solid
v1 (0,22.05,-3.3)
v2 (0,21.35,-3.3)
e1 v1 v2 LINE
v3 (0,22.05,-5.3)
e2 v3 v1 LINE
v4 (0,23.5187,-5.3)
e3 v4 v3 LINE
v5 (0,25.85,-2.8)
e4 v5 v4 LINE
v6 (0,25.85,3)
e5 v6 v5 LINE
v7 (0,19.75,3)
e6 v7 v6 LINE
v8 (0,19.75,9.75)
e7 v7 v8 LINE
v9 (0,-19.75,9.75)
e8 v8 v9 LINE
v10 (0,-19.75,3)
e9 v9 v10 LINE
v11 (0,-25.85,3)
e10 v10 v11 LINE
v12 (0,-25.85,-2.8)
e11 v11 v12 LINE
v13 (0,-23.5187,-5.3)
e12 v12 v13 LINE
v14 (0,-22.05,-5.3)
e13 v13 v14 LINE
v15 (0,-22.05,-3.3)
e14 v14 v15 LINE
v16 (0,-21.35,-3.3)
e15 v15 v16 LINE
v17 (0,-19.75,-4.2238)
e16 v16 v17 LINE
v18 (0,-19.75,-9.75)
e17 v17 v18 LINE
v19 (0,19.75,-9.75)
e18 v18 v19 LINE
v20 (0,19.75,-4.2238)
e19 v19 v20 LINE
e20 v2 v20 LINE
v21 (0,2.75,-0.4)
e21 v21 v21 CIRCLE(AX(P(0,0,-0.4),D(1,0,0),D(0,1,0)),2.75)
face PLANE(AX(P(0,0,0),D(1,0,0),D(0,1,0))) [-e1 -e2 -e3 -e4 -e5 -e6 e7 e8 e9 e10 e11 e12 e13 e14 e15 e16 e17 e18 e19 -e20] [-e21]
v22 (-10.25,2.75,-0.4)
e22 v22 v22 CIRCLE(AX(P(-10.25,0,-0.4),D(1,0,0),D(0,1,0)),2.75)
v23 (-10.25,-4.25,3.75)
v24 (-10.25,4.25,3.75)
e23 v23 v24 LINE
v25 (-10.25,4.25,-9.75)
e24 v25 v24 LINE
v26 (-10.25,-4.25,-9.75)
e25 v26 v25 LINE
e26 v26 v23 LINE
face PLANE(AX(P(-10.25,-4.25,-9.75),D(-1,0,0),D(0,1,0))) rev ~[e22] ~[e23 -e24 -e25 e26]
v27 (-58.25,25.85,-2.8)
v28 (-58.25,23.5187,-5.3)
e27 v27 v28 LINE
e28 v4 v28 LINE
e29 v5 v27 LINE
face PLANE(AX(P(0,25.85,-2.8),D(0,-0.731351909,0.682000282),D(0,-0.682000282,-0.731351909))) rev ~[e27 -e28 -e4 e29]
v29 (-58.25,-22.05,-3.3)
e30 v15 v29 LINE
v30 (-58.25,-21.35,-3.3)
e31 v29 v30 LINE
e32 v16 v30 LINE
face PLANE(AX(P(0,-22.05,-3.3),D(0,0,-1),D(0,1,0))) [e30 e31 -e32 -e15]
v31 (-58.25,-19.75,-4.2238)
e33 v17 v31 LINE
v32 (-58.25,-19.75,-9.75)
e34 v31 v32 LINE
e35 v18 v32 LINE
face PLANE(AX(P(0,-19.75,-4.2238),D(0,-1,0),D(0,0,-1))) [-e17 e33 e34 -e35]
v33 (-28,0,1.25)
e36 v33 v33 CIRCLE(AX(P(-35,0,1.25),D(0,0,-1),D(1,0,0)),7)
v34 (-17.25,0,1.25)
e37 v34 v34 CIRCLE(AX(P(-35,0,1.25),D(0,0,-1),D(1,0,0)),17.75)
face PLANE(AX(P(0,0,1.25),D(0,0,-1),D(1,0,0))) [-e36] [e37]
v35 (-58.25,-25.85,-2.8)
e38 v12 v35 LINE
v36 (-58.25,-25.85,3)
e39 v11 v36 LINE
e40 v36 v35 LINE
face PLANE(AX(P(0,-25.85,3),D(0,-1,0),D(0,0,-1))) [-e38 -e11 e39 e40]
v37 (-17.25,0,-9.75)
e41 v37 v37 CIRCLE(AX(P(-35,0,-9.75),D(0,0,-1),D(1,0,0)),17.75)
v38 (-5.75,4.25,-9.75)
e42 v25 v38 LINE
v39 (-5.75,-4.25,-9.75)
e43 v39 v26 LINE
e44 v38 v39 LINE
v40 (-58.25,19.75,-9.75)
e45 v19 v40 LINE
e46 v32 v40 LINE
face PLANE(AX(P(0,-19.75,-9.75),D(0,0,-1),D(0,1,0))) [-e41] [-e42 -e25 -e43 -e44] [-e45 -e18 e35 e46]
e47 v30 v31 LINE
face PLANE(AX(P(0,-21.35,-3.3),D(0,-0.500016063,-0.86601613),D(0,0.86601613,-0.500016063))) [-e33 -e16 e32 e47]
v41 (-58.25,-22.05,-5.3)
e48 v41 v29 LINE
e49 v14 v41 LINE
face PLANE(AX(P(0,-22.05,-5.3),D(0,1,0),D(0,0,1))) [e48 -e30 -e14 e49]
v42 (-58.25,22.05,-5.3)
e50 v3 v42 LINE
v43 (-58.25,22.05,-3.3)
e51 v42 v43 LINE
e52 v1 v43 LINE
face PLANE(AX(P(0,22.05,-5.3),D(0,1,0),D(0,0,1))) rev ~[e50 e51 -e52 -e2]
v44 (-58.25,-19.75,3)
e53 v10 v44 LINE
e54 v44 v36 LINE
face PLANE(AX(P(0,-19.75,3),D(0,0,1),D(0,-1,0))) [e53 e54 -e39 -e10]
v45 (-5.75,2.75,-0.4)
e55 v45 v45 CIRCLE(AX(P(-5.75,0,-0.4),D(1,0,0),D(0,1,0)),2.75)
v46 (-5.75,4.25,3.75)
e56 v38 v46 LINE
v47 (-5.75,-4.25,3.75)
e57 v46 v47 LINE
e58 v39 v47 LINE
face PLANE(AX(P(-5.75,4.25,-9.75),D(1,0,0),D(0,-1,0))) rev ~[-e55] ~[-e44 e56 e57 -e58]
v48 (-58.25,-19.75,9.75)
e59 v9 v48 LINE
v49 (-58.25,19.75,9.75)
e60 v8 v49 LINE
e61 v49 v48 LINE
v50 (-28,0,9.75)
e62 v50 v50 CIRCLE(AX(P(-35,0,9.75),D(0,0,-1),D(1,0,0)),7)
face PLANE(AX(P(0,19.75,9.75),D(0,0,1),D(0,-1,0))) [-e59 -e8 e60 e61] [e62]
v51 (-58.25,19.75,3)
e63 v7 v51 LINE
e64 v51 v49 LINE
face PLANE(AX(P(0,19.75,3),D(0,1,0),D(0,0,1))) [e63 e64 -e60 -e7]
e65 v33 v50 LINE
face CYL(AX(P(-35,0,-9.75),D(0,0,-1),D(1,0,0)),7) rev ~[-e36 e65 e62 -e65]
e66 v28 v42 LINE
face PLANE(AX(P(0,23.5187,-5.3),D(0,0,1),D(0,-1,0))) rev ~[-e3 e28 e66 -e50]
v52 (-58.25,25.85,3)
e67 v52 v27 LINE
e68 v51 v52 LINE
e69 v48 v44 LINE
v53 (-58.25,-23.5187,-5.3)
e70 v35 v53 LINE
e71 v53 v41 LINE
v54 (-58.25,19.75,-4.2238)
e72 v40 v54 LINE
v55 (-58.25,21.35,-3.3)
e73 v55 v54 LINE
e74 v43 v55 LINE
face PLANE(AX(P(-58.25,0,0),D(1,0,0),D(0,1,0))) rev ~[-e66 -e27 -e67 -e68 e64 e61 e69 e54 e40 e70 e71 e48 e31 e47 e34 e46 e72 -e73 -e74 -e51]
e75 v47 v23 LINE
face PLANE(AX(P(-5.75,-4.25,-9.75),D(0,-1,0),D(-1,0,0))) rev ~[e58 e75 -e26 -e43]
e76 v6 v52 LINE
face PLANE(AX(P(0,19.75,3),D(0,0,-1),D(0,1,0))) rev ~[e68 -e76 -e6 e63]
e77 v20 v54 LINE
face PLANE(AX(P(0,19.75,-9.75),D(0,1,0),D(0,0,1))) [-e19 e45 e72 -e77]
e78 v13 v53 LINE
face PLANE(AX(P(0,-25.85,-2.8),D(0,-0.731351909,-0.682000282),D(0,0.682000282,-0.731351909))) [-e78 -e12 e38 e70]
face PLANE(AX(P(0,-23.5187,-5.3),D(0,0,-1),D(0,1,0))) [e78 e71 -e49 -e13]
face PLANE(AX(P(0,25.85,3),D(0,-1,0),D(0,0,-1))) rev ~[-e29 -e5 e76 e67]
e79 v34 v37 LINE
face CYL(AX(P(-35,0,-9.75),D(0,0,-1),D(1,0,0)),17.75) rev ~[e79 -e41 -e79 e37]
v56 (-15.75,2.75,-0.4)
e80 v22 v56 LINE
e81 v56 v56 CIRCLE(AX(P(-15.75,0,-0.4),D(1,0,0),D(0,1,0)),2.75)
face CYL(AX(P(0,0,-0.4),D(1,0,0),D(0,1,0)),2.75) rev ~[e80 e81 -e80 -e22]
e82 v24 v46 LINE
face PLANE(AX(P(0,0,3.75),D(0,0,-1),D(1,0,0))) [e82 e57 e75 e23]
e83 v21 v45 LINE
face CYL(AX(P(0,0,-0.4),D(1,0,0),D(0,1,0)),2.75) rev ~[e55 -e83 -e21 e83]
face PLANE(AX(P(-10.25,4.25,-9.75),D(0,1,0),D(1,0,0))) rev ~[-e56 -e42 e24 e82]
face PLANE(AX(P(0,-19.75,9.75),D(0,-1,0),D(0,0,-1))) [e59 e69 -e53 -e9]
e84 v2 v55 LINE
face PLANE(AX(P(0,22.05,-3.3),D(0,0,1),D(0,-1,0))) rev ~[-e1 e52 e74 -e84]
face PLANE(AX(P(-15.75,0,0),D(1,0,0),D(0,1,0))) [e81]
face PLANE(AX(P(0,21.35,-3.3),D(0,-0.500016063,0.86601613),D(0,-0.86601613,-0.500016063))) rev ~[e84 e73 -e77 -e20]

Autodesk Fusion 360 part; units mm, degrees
sketch "Main Profile" plane through (0, 0, 0) normal (1, 0, 0) x (0, 1, 0)
  line L0 (-19.75, -9.75) -> (19.75, -9.75)
  line L1 (19.75, -9.75) -> (19.75, 9.75)
  line L2 (19.75, 9.75) -> (-19.75, 9.75)
  line L3 (-19.75, 9.75) -> (-19.75, -9.75)
  line L4 (-19.75, -9.75) -> (19.75, 9.75) construction
  line L5 (19.75, -9.75) -> (-19.75, 9.75) construction
  line L6 (-19.75, 3) -> (-25.85, 3)
  line L7 (-25.85, 3) -> (-25.85, -2.8)
  line L8 (-25.85, -2.8) -> (-23.5187, -5.3)
  line L9 (-23.5187, -5.3) -> (-22.05, -5.3)
  line L10 (-22.05, -5.3) -> (-22.05, -3.3)
  line L11 (-22.05, -3.3) -> (-21.35, -3.3)
  line L12 (-21.35, -3.3) -> (-19.75, -4.2238)
  line L13 (0, 9.75) -> (0, -9.75) construction
  line L14 (19.75, 3) -> (25.85, 3)
  line L15 (25.85, 3) -> (25.85, -2.8)
  line L16 (25.85, -2.8) -> (23.5187, -5.3)
  line L17 (23.5187, -5.3) -> (22.05, -5.3)
  line L18 (22.05, -5.3) -> (22.05, -3.3)
  line L19 (22.05, -3.3) -> (21.35, -3.3)
  line L20 (21.35, -3.3) -> (19.75, -4.2238)
  circle A0 centre (0, -0.4) radius 2.75
  dimension "d1" = 39.5
  dimension "d2" = 19.5
  dimension "d3" = 6.1
  dimension "d4" = 6.75
  dimension "d5" = 8.3
  dimension "d6" = 43
  dimension "d7" = 2.5
  dimension "d8" = 120
  dimension "d9" = 3.8
  dimension "d10" = 2
  dimension "d11" = 1.6
  dimension "d12" = 5.5
  dimension "d13" = 0.4
extrude "Extrude1" add sketch "Main Profile" against normal blind 58.25 contours L0 L1 L2 L3 | L3 L6 L7 L8 L9 L10 L11 L12 | L1 L14 L15 L16 L17 L18 L19 L20 | A0
sketch "Side" plane through (0, 0, -9.75) normal (0, 0, -1) x (1, 0, 0)
  line L0 (0, -19.75) -> (0, 19.75)
  line L1 (0, 19.75) -> (-58.25, 19.75)
  line L2 (-58.25, 19.75) -> (-58.25, -19.75)
  line L3 (-58.25, -19.75) -> (0, -19.75)
  circle A0 centre (-35, 0) radius 17.75
  circle A1 centre (-35, 0) radius 7
  line L4 (-10.25, -4.25) -> (-5.75, -4.25)
  line L5 (-5.75, -4.25) -> (-5.75, 4.25)
  line L6 (-5.75, 4.25) -> (-10.25, 4.25)
  line L7 (-10.25, 4.25) -> (-10.25, -4.25)
  line L8 (-10.25, -4.25) -> (-5.75, 4.25) construction
  line L9 (-5.75, -4.25) -> (-10.25, 4.25) construction
  point P0 (-8, 0)
  dimension "d16" = 35.5
  dimension "d17" = 35
  dimension "d18" = 14
  dimension "d19" = 8.5
  dimension "d20" = 4.5
  dimension "d21" = 5.75
extrude "Extrude2" cut sketch "Side" against normal blind 13.5 contours L4 L5 L6 L7
extrude "Extrude3" cut sketch "Side" against normal blind 40 contours A1
extrude "Extrude4" cut sketch "Side" against normal blind 10.85 contours A0
extrude "Extrude5" cut sketch "Main Profile" against normal blind 15.75 contours A0
extrude "Extrude6" cut 1 faces at (-20.8994, 0.8818, 1.1) along direction (0, 0, 1) blind 0.15
